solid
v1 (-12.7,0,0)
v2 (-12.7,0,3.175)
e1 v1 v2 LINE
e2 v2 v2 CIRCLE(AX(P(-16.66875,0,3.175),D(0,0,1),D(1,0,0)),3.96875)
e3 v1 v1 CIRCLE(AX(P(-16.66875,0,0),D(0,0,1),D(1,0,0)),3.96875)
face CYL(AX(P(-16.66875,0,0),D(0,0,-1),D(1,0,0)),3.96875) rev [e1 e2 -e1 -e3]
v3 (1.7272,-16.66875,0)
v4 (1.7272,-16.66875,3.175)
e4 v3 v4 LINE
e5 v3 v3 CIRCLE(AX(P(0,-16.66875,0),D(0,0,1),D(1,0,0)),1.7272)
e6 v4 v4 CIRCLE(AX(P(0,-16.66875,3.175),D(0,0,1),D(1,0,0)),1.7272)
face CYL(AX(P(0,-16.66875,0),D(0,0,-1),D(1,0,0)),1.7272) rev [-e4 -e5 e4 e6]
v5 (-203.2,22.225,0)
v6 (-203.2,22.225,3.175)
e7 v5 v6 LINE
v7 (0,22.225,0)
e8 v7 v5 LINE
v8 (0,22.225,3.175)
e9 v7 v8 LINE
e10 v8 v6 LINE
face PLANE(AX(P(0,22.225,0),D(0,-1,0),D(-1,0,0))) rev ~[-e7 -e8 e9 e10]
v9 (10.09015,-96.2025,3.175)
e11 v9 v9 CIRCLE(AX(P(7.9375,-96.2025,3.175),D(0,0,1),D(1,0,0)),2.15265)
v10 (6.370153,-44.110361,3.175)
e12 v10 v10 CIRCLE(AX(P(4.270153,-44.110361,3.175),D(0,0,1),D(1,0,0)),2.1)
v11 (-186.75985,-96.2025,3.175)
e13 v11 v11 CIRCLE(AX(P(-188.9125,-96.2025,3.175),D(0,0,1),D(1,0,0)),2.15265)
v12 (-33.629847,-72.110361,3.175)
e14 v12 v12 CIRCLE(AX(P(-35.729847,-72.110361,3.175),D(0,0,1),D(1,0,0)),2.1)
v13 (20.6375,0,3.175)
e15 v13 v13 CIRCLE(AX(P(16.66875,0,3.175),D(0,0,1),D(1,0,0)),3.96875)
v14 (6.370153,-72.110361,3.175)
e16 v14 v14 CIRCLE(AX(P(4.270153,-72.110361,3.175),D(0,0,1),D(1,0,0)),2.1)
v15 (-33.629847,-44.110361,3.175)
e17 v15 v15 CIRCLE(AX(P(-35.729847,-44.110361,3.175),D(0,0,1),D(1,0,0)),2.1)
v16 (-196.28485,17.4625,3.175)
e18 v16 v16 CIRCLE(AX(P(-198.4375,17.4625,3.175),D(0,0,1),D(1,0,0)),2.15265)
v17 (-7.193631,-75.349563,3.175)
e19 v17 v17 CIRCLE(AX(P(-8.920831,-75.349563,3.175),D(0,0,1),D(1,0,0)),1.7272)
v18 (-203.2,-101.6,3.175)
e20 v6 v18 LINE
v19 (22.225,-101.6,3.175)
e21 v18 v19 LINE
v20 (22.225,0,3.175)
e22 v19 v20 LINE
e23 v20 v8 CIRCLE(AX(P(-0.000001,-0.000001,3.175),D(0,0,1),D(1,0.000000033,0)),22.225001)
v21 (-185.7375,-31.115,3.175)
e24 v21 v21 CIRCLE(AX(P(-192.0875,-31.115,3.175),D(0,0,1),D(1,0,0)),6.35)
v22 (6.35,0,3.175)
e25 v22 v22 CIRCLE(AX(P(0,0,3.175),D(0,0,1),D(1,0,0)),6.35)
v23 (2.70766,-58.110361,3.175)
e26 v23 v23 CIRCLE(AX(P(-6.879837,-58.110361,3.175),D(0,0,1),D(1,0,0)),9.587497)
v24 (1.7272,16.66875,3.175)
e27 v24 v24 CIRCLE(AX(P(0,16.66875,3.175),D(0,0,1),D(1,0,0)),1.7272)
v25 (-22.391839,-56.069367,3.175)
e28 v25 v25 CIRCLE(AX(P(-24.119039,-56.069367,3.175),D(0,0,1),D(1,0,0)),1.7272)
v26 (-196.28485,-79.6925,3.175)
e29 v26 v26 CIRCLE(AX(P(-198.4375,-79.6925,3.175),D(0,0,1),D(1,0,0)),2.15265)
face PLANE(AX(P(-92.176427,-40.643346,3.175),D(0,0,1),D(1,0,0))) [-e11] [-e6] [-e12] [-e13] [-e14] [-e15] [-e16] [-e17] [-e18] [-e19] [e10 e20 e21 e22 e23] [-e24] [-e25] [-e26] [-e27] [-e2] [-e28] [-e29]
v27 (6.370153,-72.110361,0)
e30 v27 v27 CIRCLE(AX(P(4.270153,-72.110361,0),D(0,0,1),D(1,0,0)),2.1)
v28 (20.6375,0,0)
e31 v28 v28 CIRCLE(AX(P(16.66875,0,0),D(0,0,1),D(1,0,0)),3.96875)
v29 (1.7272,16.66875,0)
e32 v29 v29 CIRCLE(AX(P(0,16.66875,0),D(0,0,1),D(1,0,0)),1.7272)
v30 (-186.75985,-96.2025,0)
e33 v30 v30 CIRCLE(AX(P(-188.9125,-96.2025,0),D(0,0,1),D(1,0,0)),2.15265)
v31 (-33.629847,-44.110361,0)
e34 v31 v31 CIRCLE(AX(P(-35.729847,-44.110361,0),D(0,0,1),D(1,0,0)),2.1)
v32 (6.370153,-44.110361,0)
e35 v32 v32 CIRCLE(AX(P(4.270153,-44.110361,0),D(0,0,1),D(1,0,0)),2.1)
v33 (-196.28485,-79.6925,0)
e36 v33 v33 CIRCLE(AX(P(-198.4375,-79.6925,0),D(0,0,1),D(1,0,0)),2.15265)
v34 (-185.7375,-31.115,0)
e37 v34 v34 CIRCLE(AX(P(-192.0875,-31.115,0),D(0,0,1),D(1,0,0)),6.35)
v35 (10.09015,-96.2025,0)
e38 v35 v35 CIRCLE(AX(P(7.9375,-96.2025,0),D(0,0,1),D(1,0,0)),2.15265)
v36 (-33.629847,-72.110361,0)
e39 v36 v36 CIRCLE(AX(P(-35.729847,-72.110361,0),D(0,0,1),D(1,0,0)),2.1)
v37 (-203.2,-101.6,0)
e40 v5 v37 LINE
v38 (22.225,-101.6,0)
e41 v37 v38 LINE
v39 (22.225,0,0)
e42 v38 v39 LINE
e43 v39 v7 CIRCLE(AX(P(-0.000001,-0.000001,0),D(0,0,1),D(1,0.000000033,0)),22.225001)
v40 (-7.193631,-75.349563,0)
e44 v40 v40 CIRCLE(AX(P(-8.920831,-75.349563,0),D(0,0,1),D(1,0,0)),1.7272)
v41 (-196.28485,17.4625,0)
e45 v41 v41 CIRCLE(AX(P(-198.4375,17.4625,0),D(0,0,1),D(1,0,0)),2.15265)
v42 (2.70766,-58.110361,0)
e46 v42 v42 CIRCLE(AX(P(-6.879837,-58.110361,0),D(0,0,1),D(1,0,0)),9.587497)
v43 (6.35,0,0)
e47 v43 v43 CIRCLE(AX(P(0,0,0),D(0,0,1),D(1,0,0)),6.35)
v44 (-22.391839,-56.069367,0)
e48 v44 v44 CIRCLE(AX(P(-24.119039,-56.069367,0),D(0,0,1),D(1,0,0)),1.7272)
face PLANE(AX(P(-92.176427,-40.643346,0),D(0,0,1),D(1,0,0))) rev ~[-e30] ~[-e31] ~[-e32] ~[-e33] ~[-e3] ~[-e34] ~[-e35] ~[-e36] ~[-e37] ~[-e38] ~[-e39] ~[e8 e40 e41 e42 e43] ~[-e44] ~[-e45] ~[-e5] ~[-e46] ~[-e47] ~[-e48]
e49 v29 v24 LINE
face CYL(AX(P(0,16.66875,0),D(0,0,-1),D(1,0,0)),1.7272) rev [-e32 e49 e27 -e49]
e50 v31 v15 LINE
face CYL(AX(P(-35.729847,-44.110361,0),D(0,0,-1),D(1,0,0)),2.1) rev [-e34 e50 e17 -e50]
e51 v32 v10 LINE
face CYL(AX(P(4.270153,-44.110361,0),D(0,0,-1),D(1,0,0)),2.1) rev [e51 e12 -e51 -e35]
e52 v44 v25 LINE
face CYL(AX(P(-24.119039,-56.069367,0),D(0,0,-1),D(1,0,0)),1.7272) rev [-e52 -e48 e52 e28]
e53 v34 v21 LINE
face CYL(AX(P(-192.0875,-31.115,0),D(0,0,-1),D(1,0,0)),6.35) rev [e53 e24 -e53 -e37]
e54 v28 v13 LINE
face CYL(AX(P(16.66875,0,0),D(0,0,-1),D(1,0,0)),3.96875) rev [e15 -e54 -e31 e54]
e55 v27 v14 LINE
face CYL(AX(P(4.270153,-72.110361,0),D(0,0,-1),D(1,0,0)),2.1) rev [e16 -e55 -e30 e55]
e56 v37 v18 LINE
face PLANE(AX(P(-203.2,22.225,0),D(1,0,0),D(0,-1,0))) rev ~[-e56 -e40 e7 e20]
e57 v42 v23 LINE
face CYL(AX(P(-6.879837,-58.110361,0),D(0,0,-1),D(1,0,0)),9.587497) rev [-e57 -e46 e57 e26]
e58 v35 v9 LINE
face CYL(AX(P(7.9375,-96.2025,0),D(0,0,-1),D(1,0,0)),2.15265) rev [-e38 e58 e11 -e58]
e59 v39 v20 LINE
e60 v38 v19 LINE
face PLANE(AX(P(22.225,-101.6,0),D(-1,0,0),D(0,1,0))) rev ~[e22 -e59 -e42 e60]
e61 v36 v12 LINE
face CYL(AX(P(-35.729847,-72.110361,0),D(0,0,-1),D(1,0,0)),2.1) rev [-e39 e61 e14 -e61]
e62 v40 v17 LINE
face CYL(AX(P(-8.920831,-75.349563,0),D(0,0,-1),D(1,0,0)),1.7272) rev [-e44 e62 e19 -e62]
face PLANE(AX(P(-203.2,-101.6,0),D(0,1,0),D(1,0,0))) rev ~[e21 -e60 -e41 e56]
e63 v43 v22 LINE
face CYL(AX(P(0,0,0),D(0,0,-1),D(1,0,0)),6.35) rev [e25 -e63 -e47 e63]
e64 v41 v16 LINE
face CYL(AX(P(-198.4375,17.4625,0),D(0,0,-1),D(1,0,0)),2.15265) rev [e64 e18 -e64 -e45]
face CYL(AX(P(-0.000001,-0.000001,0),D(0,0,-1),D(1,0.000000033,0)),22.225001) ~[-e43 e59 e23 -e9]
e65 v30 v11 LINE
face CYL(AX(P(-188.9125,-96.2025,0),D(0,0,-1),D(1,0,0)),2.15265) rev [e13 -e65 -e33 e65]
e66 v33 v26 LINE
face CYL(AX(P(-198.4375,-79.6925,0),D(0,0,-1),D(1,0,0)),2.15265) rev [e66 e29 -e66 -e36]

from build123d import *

# Parameters (mm, degrees)
F0_R     = 2.15265
F0_R_2   = 2.1
F0_R_3   = 1.7272
F0_R_4   = 9.587497
F0_R_5   = 6.35
F0_R_6   = 3.96875
F1_DEPTH = 3.175


with BuildPart() as f1:
    # F0 (on Top) → F1 (new body)
    with BuildSketch(Plane.XY):
        with BuildLine():
            Line((0, 22.225), (-203.2, 22.225))
            Line((-203.2, 22.225), (-203.2, -101.6))
            Line((-203.2, -101.6), (22.225, -101.6))
            Line((22.225, -101.6), (22.225, -90.805))
            Line((22.225, -90.805), (22.225, 0))
            ThreePointArc((22.225, 0), (15.715448, 15.715448), (0, 22.225))
        make_face()
        with Locations((-188.9125, -96.2025)):
            Circle(F0_R, mode=Mode.SUBTRACT)
        with Locations((-198.4375, -79.6925)):
            Circle(F0_R, mode=Mode.SUBTRACT)
        with Locations((-35.729847, -72.110361)):
            Circle(F0_R_2, mode=Mode.SUBTRACT)
        with Locations((7.9375, -96.2025)):
            Circle(F0_R, mode=Mode.SUBTRACT)
        with Locations((-8.920831, -75.349563)):
            Circle(F0_R_3, mode=Mode.SUBTRACT)
        with Locations((4.270153, -72.110361)):
            Circle(F0_R_2, mode=Mode.SUBTRACT)
        with Locations((-35.729847, -44.110361)):
            Circle(F0_R_2, mode=Mode.SUBTRACT)
        with Locations((-24.119039, -56.069367)):
            Circle(F0_R_3, mode=Mode.SUBTRACT)
        with Locations((-6.879837, -58.110361)):
            Circle(F0_R_4, mode=Mode.SUBTRACT)
        with Locations((4.270153, -44.110361)):
            Circle(F0_R_2, mode=Mode.SUBTRACT)
        with Locations((-192.0875, -31.115)):
            Circle(F0_R_5, mode=Mode.SUBTRACT)
        with Locations((-198.4375, 17.4625)):
            Circle(F0_R, mode=Mode.SUBTRACT)
        with Locations((0, -16.66875)):
            Circle(F0_R_3, mode=Mode.SUBTRACT)
        with Locations((-16.66875, 0)):
            Circle(F0_R_6, mode=Mode.SUBTRACT)
        Circle(F0_R_5, mode=Mode.SUBTRACT)
        with Locations((16.66875, 0)):
            Circle(F0_R_6, mode=Mode.SUBTRACT)
        with Locations((0, 16.66875)):
            Circle(F0_R_3, mode=Mode.SUBTRACT)
    extrude(amount=F1_DEPTH)


solid = f1.part
